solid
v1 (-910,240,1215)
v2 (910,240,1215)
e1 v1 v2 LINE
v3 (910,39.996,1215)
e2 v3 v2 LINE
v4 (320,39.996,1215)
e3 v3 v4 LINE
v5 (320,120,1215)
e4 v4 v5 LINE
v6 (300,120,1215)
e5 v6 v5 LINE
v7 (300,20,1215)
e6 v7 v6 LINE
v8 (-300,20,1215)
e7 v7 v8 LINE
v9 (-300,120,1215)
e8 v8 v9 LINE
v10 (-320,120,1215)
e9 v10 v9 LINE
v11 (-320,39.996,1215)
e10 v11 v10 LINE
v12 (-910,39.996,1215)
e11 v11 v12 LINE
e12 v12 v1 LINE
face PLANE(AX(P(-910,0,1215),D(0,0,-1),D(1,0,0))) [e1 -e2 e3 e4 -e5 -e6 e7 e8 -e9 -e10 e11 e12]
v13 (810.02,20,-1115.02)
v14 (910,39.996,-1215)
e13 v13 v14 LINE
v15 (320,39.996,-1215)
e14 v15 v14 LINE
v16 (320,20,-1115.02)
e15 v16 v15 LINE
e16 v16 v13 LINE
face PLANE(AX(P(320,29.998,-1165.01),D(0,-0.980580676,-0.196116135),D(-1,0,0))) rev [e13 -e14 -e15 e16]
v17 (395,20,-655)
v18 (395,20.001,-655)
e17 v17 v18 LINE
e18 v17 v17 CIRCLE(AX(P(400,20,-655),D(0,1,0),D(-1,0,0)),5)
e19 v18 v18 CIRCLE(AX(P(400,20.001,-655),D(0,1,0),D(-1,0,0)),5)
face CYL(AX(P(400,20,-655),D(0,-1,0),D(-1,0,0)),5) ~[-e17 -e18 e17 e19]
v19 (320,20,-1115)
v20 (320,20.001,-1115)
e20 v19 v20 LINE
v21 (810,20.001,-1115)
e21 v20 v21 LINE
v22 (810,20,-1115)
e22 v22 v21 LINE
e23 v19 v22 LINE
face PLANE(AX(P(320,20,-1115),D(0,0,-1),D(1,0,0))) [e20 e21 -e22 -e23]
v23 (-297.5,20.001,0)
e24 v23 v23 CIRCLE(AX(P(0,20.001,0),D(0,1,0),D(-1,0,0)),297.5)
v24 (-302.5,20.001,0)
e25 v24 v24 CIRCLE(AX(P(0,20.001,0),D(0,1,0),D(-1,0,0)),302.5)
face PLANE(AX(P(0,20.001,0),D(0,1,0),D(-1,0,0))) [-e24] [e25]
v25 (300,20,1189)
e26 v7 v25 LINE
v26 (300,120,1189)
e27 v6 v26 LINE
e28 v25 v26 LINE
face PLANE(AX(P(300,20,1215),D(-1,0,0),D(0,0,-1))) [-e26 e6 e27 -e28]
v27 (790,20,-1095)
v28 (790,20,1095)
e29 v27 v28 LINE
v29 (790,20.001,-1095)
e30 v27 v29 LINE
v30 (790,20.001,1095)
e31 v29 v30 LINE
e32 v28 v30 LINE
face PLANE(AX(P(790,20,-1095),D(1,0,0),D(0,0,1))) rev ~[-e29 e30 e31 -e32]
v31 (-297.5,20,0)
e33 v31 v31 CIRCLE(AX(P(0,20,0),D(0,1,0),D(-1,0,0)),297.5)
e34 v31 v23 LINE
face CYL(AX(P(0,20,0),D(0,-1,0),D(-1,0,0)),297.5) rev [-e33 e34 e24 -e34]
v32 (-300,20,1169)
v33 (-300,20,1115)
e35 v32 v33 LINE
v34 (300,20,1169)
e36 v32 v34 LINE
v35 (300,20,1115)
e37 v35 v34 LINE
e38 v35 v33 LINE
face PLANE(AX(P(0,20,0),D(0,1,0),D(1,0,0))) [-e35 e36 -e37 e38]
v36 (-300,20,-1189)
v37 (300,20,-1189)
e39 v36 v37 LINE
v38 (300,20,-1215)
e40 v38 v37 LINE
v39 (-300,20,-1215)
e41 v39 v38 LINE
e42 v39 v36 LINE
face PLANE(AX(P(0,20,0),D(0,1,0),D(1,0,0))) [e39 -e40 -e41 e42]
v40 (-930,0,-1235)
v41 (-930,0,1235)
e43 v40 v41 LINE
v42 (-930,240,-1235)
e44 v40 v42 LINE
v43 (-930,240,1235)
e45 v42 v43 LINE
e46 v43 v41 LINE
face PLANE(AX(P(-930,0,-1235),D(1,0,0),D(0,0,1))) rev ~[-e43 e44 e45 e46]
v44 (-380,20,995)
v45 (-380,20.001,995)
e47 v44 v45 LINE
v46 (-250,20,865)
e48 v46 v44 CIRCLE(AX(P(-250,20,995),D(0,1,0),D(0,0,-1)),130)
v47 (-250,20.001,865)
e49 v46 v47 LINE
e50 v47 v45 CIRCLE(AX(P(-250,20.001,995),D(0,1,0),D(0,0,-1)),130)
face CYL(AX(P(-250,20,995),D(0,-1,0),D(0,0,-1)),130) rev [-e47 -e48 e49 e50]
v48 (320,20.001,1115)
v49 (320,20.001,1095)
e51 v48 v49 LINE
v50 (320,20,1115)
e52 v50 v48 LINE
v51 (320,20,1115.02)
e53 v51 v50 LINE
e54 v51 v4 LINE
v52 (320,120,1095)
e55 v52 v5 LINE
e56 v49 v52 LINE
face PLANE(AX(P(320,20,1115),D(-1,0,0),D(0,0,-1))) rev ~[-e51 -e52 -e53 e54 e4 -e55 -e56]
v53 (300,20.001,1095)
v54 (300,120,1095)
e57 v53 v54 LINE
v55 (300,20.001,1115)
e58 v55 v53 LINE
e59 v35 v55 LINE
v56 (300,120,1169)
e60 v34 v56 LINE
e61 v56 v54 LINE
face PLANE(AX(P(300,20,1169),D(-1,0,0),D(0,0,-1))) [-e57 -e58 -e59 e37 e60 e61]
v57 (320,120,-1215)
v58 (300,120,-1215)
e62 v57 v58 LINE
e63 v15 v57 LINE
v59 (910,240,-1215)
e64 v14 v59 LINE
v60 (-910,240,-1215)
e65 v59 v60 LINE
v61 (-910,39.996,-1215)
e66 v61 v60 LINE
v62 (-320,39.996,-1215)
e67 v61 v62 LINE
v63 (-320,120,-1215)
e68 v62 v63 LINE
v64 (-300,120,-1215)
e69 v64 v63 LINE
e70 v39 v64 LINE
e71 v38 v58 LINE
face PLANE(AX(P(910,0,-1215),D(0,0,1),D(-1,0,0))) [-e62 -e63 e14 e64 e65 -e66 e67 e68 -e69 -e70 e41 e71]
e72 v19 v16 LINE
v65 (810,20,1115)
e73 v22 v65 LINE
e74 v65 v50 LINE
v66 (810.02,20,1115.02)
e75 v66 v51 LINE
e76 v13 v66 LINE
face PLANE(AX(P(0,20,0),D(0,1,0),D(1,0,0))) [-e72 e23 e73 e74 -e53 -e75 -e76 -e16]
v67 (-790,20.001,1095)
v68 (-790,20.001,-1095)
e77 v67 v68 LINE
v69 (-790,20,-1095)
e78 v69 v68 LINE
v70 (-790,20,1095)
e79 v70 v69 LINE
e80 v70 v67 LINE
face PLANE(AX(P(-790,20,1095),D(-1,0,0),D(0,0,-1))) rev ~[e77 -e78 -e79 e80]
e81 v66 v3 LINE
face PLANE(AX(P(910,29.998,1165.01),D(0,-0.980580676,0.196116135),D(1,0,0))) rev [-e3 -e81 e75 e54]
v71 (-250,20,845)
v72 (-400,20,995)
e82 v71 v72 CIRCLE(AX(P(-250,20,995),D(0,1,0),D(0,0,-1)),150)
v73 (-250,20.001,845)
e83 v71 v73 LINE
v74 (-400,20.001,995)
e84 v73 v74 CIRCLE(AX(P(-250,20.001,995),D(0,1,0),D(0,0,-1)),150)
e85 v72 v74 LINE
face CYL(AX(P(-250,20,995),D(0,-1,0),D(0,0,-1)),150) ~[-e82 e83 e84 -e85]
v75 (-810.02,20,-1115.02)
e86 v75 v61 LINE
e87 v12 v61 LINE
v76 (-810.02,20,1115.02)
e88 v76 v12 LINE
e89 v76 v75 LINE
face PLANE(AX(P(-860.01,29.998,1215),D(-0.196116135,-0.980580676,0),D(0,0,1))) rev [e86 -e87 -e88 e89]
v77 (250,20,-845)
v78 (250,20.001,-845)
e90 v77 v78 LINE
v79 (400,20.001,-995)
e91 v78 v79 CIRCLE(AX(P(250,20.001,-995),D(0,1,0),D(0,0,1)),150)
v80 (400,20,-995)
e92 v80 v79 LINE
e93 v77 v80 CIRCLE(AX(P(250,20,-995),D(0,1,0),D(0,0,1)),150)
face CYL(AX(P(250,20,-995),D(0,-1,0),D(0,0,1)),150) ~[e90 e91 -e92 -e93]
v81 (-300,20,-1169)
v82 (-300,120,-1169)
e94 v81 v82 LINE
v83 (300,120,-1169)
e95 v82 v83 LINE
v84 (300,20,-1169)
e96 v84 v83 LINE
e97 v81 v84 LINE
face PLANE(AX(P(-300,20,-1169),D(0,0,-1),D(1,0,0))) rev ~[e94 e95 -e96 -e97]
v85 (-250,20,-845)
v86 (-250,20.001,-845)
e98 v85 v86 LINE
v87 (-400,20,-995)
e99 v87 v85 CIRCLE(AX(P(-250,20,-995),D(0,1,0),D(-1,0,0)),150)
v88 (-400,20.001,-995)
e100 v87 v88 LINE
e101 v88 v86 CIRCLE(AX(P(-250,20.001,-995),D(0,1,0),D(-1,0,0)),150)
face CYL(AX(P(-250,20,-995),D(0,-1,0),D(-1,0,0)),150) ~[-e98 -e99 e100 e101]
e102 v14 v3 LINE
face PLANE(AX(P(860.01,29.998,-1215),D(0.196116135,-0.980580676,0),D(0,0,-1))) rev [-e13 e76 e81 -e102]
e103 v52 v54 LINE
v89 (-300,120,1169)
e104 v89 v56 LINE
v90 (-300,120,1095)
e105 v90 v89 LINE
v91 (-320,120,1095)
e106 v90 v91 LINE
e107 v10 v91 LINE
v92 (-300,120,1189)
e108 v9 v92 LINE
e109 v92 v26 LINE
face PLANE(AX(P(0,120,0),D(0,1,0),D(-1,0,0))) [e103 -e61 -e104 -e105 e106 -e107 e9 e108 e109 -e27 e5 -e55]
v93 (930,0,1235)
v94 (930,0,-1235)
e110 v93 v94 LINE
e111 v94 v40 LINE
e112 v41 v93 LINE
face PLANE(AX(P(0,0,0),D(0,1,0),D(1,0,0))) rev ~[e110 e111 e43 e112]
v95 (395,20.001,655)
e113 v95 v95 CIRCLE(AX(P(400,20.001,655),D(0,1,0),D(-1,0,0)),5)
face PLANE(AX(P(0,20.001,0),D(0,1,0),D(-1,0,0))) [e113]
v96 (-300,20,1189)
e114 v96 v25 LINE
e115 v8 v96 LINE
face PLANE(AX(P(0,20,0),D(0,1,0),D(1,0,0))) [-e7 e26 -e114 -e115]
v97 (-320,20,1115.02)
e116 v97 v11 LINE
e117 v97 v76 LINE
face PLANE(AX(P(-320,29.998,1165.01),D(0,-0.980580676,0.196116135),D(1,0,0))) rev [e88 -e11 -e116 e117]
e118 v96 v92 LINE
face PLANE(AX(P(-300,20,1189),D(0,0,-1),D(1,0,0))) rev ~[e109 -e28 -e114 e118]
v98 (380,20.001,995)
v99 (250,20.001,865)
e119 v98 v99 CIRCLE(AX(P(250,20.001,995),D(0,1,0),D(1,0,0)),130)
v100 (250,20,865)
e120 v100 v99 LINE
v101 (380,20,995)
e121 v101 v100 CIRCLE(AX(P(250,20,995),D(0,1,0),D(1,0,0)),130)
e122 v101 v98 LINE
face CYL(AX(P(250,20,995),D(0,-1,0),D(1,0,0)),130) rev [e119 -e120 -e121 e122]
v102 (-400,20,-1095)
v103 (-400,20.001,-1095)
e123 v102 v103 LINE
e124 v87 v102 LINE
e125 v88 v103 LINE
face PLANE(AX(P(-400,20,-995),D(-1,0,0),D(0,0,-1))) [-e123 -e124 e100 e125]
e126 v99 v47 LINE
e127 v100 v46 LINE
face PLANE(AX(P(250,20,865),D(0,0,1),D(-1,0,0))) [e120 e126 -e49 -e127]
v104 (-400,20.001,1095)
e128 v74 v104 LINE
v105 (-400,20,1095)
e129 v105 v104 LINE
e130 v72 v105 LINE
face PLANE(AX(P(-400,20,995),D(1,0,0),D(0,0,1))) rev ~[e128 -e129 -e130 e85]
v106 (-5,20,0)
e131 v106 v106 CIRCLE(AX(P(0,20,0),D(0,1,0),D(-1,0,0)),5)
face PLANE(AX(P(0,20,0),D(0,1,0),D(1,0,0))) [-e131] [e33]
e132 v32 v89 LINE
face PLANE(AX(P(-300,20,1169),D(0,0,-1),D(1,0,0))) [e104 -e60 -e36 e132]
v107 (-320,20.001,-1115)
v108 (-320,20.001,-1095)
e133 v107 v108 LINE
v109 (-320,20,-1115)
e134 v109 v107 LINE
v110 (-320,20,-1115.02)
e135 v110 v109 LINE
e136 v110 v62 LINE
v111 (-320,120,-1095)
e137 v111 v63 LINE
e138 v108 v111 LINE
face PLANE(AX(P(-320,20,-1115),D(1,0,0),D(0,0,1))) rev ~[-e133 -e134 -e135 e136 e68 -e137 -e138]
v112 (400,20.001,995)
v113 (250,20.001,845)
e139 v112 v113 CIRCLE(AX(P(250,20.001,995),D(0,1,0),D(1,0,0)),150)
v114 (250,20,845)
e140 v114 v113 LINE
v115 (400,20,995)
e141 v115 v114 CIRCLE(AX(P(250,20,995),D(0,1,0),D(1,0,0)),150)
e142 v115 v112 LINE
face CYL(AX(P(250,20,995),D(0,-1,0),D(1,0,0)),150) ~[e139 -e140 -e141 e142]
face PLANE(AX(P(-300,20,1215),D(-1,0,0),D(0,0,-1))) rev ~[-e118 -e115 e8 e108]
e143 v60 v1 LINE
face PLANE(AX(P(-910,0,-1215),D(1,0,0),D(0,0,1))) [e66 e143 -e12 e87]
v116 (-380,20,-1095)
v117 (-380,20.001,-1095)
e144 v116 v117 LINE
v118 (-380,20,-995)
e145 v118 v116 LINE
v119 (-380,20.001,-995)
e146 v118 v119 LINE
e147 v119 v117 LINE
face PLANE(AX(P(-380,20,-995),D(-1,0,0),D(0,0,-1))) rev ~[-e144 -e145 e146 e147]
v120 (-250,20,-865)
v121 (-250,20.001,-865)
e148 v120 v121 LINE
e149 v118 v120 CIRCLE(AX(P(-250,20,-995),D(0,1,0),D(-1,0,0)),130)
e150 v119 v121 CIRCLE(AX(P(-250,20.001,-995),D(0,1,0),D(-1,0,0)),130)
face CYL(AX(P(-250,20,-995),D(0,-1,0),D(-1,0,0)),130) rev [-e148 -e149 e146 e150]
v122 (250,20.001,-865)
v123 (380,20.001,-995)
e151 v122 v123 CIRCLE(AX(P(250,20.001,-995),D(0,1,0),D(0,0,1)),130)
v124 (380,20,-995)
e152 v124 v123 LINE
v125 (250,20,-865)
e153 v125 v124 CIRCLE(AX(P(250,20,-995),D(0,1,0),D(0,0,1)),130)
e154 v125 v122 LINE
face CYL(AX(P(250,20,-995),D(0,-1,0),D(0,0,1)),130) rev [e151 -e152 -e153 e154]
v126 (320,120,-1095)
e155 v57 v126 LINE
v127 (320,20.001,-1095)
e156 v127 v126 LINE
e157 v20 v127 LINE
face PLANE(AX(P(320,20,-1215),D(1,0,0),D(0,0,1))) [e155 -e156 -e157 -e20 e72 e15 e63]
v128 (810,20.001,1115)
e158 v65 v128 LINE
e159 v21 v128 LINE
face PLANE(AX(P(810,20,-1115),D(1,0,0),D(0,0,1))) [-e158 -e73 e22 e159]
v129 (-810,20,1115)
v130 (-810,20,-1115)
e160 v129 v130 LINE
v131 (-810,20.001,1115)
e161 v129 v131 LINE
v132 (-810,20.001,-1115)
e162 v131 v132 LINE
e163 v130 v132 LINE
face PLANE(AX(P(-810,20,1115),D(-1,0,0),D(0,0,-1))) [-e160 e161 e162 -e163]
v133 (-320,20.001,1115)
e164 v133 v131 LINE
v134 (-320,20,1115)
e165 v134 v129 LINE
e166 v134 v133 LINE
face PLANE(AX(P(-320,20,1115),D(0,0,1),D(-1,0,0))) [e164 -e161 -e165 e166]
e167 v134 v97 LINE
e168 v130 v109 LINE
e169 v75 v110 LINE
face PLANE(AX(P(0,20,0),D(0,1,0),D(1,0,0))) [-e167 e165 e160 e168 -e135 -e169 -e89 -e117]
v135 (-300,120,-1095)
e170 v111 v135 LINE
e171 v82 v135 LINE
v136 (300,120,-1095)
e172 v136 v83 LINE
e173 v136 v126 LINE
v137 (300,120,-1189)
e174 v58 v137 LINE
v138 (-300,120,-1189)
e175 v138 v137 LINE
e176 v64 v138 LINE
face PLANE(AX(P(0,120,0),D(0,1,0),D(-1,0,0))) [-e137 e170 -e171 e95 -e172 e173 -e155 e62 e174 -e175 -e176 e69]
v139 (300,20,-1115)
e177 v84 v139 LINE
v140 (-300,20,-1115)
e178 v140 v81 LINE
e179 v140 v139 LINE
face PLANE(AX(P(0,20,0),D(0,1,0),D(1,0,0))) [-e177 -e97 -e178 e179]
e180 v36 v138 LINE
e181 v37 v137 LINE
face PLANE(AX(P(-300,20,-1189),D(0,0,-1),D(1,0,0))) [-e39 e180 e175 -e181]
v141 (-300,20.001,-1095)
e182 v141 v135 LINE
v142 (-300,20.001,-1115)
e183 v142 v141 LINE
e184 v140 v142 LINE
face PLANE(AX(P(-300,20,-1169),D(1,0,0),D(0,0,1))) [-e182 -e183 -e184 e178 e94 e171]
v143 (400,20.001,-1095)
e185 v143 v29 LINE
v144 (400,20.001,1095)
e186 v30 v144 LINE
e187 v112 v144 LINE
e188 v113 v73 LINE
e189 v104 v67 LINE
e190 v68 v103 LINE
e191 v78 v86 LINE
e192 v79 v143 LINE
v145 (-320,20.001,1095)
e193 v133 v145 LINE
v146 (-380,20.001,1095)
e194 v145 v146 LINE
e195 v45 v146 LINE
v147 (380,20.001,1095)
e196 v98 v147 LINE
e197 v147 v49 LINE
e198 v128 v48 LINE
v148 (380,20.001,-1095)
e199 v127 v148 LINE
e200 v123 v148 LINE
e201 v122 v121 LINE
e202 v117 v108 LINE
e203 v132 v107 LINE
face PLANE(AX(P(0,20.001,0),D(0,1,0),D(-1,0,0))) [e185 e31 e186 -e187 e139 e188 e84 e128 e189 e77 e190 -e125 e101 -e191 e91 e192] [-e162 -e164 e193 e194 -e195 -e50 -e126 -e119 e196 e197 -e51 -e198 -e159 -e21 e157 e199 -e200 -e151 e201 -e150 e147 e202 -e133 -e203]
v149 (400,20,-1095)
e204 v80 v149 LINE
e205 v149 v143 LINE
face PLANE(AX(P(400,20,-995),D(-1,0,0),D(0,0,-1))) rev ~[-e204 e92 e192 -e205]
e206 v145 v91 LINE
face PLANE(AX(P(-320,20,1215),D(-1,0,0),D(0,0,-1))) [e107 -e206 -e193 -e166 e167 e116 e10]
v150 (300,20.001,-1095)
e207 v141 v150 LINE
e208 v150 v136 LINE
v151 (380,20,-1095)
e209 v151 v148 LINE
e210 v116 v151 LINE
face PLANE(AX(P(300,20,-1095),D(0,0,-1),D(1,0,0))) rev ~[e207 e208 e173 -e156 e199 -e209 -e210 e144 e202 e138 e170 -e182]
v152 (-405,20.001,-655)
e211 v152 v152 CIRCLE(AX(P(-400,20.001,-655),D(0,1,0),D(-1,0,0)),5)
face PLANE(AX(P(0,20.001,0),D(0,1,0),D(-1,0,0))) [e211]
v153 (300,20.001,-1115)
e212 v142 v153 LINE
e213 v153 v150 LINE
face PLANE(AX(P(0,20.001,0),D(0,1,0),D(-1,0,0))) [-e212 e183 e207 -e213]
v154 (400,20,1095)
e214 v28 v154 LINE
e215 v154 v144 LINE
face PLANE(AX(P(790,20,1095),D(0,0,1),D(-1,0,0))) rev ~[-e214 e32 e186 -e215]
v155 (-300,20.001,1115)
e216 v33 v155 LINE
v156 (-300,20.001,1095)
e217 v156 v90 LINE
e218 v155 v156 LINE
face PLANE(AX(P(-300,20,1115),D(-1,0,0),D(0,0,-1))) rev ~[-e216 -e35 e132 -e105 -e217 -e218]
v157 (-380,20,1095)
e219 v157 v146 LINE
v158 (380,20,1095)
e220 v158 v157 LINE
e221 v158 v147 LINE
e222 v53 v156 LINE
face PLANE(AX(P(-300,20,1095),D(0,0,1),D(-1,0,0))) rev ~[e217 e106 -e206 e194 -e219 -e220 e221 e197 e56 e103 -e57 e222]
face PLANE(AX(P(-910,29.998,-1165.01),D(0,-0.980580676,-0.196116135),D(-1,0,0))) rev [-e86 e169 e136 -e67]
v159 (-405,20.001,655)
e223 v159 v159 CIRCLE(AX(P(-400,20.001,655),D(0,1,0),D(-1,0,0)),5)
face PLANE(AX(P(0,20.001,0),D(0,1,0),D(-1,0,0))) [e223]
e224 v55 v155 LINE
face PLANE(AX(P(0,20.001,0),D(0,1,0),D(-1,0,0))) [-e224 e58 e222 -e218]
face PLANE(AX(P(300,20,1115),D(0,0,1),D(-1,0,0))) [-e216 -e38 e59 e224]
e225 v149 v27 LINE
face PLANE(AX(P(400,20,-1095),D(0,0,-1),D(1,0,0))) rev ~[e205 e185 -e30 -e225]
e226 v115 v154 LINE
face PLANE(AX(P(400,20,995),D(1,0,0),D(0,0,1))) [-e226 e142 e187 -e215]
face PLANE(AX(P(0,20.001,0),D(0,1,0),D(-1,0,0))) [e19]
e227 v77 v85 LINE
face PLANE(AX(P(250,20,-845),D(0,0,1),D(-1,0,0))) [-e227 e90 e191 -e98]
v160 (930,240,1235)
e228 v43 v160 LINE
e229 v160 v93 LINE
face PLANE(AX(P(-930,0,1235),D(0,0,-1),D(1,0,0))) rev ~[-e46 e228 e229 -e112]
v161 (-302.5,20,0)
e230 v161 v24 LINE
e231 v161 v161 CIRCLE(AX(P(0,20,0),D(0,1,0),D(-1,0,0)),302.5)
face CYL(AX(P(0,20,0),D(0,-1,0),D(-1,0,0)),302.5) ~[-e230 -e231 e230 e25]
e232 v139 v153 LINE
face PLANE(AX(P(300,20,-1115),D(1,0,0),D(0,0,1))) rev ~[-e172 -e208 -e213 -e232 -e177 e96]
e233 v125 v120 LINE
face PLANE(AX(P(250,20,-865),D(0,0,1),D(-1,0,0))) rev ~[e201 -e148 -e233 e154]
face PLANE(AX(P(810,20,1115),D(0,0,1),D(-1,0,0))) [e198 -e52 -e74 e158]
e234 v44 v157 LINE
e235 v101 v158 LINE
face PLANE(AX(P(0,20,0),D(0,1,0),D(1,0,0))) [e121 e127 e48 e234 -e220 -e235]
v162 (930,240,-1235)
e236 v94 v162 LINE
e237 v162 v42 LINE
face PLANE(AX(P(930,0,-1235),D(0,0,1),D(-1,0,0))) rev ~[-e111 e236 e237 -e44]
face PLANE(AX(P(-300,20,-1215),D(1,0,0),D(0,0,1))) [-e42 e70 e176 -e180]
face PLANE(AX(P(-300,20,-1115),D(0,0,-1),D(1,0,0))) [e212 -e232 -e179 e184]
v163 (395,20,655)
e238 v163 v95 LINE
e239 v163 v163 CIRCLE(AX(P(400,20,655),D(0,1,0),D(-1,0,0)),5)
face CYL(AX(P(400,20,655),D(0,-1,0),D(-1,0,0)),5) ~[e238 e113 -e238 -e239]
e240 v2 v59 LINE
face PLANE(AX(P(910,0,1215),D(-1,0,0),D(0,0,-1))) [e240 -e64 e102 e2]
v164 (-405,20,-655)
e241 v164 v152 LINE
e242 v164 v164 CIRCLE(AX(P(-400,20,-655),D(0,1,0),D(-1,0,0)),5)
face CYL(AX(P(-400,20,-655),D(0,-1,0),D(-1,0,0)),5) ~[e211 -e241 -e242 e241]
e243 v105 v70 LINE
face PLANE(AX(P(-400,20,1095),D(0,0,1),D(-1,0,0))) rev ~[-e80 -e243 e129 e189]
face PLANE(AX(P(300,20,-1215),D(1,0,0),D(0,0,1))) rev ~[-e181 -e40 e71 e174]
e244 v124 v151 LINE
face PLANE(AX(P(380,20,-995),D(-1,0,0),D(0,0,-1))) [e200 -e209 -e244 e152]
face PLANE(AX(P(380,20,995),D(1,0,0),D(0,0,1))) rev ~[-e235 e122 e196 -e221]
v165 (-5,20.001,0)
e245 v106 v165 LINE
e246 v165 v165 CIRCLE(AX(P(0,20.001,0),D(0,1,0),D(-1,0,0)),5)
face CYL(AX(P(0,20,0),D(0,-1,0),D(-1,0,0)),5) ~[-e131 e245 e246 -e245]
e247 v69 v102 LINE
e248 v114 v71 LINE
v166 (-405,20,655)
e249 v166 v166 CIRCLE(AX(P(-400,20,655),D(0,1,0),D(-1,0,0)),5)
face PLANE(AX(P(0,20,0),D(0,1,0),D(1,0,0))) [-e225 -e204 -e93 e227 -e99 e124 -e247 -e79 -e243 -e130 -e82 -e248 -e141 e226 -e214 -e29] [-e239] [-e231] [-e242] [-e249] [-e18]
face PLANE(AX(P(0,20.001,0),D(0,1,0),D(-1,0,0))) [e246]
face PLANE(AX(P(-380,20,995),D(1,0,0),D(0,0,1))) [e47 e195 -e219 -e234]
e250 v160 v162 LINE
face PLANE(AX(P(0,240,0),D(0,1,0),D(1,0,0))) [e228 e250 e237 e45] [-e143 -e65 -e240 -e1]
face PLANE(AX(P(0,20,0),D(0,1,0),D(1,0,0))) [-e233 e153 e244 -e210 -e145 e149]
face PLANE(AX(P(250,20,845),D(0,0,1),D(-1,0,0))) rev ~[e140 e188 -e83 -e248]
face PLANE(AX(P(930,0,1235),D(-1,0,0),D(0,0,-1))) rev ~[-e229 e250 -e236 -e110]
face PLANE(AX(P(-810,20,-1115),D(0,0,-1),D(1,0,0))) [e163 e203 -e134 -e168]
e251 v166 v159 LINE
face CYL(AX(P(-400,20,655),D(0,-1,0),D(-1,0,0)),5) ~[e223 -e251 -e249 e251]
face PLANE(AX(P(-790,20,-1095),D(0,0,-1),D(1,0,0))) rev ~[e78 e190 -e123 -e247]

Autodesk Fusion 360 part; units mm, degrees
sketch "スケッチ1" plane through (0, 0, 0) normal (0, 1, 0) x (1, 0, 0)
  line L0 (-910, -1215) -> (910, -1215)
  line L1 (910, -1215) -> (910, 1215)
  line L2 (910, 1215) -> (-910, 1215)
  line L3 (-910, 1215) -> (-910, -1215)
  line L4 (930, 1235) -> (-930, 1235)
  line L5 (-930, 1235) -> (-930, -1235)
  line L6 (-930, -1235) -> (930, -1235)
  line L7 (930, -1235) -> (930, 1235)
extrude "押し出し1" add sketch "スケッチ1" along normal blind 20 contours L0 L1 L2 L3 | L4 L5 L6 L7
extrude "押し出し2" add sketch "スケッチ1" along normal blind 240
sketch "スケッチ2" plane through (0, 20, 0) normal (0, 1, 0) x (-1, 0, 0)
  line L0 (910, 1215) -> (-910, 1215)
  line L1 (-910, 1215) -> (-910, -1215)
  line L2 (-910, -1215) -> (910, -1215)
  line L3 (910, -1215) -> (910, 1215)
  line L4 (910, -1215) -> (-910, -1215)
  line L5 (-910, -1215) -> (-910, 1215)
  line L6 (-910, 1215) -> (910, 1215)
  line L7 (910, 1215) -> (910, -1215)
  line L8 (-810, -1115) -> (-810, 1115)
  line L9 (810, 1115) -> (810, -1115)
  line L10 (790, -1095) -> (-790, -1095)
  line L11 (-790, -1095) -> (-790, 1095)
  line L12 (-790, 1095) -> (790, 1095)
  line L13 (790, 1095) -> (790, -1095)
  circle A0 centre (400, -655) radius 5
  circle A1 centre (-400, -655) radius 5
  circle A2 centre (400, 655) radius 5
  circle A3 centre (-400, 655) radius 5
  circle A4 centre (0, 0) radius 5
  circle A5 centre (0, 0) radius 302.5
  circle A6 centre (0, 0) radius 297.5
  line L14 (-250, 845) -> (250, 845)
  line L15 (400, 995) -> (400, 1095)
  line L16 (-400, 995) -> (-400, 1095)
  arc A7 (250, 845) -> (400, 995) centre (250, 995) ccw
  arc A8 (-400, 995) -> (-250, 845) centre (-250, 995) ccw
  line L17 (-380, 995) -> (-380, 1095)
  arc A9 (-380, 995) -> (-250, 865) centre (-250, 995) ccw
  line L18 (-250, 865) -> (250, 865)
  arc A10 (250, 865) -> (380, 995) centre (250, 995) ccw
  line L19 (380, 995) -> (380, 1095)
  line L20 (300, 1169) -> (-300, 1169)
  line L21 (320, 1215) -> (320, 1095)
  line L22 (300, 1189) -> (-300, 1189)
  line L23 (-320, 1215) -> (-320, 1095)
  line L24 (-300, 1215) -> (-300, 1189)
  line L25 (-300, 1169) -> (-300, 1095)
  line L26 (300, 1215) -> (300, 1189)
  line L27 (300, 1169) -> (300, 1095)
  line L28 (320, 1115) -> (810, 1115)
  line L29 (-810, 1115) -> (-320, 1115)
  line L30 (-300, 1115) -> (300, 1115)
  line L31 (300, -1215) -> (300, -1189)
  line L32 (300, -1189) -> (-300, -1189)
  line L33 (-300, -1215) -> (-300, -1189)
  line L34 (300, -1169) -> (300, -1095)
  line L35 (-300, -1169) -> (-300, -1095)
  line L36 (300, -1169) -> (-300, -1169)
  line L37 (320, -1215) -> (320, -1095)
  line L38 (-320, -1215) -> (-320, -1095)
  line L39 (810, -1115) -> (320, -1115)
  line L40 (300, -1115) -> (-300, -1115)
  line L41 (-320, -1115) -> (-810, -1115)
  line L42 (380, -995) -> (380, -1095)
  arc A11 (380, -995) -> (250, -865) centre (250, -995) ccw
  line L43 (-250, -865) -> (250, -865)
  arc A12 (-250, -865) -> (-380, -995) centre (-250, -995) ccw
  line L44 (-380, -995) -> (-380, -1095)
  line L45 (400, -995) -> (400, -1095)
  arc A13 (400, -995) -> (250, -845) centre (250, -995) ccw
  line L46 (-250, -845) -> (250, -845)
  arc A14 (-250, -845) -> (-400, -995) centre (-250, -995) ccw
  line L47 (-400, -995) -> (-400, -1095)
extrude "押し出し3" add sketch "スケッチ2" along normal blind 100 contours L0 L6 L12 L20 L21 L22 L23 L24 L25 L26 L27 | L2 L4 L10 L31 L32 L33 L34 L35 L36 L37 L38
extrude "押し出し4" add sketch "スケッチ2" along normal blind 0.001 contours L9 L10 L12 L13 L21 L28 L37 L39 | L12 L25 L27 L30 | L12 L14 L15 L16 A7 A8 L17 A9 L18 A10 L19 | L8 L10 L11 L12 L23 L29 L38 L41 | L10 L42 A11 L43 A12 L44 L45 A13 L46 A14 L47 | L10 L34 L35 L40 | A0 | A1 | A2 | A3 | A4 | A5
chamfer "面取り1" distance 100 distance2 20 6 edges at (615, 20, -1215) (-615, 20, -1215) (-910, 20, 0) (615, 20, 1215) (-615, 20, 1215) (910, 20, 0) measured on face at (876.6667, 20, 371.6667) measured on face at (-876.6667, 20, 371.6667) measured on face at (-876.6667, 20, 371.6667) measured on face at (876.6667, 20, 371.6667) measured on face at (-876.6667, 20, 371.6667) measured on face at (876.6667, 20, 371.6667)
equation "d6 = 20 mm + 220 mm"
